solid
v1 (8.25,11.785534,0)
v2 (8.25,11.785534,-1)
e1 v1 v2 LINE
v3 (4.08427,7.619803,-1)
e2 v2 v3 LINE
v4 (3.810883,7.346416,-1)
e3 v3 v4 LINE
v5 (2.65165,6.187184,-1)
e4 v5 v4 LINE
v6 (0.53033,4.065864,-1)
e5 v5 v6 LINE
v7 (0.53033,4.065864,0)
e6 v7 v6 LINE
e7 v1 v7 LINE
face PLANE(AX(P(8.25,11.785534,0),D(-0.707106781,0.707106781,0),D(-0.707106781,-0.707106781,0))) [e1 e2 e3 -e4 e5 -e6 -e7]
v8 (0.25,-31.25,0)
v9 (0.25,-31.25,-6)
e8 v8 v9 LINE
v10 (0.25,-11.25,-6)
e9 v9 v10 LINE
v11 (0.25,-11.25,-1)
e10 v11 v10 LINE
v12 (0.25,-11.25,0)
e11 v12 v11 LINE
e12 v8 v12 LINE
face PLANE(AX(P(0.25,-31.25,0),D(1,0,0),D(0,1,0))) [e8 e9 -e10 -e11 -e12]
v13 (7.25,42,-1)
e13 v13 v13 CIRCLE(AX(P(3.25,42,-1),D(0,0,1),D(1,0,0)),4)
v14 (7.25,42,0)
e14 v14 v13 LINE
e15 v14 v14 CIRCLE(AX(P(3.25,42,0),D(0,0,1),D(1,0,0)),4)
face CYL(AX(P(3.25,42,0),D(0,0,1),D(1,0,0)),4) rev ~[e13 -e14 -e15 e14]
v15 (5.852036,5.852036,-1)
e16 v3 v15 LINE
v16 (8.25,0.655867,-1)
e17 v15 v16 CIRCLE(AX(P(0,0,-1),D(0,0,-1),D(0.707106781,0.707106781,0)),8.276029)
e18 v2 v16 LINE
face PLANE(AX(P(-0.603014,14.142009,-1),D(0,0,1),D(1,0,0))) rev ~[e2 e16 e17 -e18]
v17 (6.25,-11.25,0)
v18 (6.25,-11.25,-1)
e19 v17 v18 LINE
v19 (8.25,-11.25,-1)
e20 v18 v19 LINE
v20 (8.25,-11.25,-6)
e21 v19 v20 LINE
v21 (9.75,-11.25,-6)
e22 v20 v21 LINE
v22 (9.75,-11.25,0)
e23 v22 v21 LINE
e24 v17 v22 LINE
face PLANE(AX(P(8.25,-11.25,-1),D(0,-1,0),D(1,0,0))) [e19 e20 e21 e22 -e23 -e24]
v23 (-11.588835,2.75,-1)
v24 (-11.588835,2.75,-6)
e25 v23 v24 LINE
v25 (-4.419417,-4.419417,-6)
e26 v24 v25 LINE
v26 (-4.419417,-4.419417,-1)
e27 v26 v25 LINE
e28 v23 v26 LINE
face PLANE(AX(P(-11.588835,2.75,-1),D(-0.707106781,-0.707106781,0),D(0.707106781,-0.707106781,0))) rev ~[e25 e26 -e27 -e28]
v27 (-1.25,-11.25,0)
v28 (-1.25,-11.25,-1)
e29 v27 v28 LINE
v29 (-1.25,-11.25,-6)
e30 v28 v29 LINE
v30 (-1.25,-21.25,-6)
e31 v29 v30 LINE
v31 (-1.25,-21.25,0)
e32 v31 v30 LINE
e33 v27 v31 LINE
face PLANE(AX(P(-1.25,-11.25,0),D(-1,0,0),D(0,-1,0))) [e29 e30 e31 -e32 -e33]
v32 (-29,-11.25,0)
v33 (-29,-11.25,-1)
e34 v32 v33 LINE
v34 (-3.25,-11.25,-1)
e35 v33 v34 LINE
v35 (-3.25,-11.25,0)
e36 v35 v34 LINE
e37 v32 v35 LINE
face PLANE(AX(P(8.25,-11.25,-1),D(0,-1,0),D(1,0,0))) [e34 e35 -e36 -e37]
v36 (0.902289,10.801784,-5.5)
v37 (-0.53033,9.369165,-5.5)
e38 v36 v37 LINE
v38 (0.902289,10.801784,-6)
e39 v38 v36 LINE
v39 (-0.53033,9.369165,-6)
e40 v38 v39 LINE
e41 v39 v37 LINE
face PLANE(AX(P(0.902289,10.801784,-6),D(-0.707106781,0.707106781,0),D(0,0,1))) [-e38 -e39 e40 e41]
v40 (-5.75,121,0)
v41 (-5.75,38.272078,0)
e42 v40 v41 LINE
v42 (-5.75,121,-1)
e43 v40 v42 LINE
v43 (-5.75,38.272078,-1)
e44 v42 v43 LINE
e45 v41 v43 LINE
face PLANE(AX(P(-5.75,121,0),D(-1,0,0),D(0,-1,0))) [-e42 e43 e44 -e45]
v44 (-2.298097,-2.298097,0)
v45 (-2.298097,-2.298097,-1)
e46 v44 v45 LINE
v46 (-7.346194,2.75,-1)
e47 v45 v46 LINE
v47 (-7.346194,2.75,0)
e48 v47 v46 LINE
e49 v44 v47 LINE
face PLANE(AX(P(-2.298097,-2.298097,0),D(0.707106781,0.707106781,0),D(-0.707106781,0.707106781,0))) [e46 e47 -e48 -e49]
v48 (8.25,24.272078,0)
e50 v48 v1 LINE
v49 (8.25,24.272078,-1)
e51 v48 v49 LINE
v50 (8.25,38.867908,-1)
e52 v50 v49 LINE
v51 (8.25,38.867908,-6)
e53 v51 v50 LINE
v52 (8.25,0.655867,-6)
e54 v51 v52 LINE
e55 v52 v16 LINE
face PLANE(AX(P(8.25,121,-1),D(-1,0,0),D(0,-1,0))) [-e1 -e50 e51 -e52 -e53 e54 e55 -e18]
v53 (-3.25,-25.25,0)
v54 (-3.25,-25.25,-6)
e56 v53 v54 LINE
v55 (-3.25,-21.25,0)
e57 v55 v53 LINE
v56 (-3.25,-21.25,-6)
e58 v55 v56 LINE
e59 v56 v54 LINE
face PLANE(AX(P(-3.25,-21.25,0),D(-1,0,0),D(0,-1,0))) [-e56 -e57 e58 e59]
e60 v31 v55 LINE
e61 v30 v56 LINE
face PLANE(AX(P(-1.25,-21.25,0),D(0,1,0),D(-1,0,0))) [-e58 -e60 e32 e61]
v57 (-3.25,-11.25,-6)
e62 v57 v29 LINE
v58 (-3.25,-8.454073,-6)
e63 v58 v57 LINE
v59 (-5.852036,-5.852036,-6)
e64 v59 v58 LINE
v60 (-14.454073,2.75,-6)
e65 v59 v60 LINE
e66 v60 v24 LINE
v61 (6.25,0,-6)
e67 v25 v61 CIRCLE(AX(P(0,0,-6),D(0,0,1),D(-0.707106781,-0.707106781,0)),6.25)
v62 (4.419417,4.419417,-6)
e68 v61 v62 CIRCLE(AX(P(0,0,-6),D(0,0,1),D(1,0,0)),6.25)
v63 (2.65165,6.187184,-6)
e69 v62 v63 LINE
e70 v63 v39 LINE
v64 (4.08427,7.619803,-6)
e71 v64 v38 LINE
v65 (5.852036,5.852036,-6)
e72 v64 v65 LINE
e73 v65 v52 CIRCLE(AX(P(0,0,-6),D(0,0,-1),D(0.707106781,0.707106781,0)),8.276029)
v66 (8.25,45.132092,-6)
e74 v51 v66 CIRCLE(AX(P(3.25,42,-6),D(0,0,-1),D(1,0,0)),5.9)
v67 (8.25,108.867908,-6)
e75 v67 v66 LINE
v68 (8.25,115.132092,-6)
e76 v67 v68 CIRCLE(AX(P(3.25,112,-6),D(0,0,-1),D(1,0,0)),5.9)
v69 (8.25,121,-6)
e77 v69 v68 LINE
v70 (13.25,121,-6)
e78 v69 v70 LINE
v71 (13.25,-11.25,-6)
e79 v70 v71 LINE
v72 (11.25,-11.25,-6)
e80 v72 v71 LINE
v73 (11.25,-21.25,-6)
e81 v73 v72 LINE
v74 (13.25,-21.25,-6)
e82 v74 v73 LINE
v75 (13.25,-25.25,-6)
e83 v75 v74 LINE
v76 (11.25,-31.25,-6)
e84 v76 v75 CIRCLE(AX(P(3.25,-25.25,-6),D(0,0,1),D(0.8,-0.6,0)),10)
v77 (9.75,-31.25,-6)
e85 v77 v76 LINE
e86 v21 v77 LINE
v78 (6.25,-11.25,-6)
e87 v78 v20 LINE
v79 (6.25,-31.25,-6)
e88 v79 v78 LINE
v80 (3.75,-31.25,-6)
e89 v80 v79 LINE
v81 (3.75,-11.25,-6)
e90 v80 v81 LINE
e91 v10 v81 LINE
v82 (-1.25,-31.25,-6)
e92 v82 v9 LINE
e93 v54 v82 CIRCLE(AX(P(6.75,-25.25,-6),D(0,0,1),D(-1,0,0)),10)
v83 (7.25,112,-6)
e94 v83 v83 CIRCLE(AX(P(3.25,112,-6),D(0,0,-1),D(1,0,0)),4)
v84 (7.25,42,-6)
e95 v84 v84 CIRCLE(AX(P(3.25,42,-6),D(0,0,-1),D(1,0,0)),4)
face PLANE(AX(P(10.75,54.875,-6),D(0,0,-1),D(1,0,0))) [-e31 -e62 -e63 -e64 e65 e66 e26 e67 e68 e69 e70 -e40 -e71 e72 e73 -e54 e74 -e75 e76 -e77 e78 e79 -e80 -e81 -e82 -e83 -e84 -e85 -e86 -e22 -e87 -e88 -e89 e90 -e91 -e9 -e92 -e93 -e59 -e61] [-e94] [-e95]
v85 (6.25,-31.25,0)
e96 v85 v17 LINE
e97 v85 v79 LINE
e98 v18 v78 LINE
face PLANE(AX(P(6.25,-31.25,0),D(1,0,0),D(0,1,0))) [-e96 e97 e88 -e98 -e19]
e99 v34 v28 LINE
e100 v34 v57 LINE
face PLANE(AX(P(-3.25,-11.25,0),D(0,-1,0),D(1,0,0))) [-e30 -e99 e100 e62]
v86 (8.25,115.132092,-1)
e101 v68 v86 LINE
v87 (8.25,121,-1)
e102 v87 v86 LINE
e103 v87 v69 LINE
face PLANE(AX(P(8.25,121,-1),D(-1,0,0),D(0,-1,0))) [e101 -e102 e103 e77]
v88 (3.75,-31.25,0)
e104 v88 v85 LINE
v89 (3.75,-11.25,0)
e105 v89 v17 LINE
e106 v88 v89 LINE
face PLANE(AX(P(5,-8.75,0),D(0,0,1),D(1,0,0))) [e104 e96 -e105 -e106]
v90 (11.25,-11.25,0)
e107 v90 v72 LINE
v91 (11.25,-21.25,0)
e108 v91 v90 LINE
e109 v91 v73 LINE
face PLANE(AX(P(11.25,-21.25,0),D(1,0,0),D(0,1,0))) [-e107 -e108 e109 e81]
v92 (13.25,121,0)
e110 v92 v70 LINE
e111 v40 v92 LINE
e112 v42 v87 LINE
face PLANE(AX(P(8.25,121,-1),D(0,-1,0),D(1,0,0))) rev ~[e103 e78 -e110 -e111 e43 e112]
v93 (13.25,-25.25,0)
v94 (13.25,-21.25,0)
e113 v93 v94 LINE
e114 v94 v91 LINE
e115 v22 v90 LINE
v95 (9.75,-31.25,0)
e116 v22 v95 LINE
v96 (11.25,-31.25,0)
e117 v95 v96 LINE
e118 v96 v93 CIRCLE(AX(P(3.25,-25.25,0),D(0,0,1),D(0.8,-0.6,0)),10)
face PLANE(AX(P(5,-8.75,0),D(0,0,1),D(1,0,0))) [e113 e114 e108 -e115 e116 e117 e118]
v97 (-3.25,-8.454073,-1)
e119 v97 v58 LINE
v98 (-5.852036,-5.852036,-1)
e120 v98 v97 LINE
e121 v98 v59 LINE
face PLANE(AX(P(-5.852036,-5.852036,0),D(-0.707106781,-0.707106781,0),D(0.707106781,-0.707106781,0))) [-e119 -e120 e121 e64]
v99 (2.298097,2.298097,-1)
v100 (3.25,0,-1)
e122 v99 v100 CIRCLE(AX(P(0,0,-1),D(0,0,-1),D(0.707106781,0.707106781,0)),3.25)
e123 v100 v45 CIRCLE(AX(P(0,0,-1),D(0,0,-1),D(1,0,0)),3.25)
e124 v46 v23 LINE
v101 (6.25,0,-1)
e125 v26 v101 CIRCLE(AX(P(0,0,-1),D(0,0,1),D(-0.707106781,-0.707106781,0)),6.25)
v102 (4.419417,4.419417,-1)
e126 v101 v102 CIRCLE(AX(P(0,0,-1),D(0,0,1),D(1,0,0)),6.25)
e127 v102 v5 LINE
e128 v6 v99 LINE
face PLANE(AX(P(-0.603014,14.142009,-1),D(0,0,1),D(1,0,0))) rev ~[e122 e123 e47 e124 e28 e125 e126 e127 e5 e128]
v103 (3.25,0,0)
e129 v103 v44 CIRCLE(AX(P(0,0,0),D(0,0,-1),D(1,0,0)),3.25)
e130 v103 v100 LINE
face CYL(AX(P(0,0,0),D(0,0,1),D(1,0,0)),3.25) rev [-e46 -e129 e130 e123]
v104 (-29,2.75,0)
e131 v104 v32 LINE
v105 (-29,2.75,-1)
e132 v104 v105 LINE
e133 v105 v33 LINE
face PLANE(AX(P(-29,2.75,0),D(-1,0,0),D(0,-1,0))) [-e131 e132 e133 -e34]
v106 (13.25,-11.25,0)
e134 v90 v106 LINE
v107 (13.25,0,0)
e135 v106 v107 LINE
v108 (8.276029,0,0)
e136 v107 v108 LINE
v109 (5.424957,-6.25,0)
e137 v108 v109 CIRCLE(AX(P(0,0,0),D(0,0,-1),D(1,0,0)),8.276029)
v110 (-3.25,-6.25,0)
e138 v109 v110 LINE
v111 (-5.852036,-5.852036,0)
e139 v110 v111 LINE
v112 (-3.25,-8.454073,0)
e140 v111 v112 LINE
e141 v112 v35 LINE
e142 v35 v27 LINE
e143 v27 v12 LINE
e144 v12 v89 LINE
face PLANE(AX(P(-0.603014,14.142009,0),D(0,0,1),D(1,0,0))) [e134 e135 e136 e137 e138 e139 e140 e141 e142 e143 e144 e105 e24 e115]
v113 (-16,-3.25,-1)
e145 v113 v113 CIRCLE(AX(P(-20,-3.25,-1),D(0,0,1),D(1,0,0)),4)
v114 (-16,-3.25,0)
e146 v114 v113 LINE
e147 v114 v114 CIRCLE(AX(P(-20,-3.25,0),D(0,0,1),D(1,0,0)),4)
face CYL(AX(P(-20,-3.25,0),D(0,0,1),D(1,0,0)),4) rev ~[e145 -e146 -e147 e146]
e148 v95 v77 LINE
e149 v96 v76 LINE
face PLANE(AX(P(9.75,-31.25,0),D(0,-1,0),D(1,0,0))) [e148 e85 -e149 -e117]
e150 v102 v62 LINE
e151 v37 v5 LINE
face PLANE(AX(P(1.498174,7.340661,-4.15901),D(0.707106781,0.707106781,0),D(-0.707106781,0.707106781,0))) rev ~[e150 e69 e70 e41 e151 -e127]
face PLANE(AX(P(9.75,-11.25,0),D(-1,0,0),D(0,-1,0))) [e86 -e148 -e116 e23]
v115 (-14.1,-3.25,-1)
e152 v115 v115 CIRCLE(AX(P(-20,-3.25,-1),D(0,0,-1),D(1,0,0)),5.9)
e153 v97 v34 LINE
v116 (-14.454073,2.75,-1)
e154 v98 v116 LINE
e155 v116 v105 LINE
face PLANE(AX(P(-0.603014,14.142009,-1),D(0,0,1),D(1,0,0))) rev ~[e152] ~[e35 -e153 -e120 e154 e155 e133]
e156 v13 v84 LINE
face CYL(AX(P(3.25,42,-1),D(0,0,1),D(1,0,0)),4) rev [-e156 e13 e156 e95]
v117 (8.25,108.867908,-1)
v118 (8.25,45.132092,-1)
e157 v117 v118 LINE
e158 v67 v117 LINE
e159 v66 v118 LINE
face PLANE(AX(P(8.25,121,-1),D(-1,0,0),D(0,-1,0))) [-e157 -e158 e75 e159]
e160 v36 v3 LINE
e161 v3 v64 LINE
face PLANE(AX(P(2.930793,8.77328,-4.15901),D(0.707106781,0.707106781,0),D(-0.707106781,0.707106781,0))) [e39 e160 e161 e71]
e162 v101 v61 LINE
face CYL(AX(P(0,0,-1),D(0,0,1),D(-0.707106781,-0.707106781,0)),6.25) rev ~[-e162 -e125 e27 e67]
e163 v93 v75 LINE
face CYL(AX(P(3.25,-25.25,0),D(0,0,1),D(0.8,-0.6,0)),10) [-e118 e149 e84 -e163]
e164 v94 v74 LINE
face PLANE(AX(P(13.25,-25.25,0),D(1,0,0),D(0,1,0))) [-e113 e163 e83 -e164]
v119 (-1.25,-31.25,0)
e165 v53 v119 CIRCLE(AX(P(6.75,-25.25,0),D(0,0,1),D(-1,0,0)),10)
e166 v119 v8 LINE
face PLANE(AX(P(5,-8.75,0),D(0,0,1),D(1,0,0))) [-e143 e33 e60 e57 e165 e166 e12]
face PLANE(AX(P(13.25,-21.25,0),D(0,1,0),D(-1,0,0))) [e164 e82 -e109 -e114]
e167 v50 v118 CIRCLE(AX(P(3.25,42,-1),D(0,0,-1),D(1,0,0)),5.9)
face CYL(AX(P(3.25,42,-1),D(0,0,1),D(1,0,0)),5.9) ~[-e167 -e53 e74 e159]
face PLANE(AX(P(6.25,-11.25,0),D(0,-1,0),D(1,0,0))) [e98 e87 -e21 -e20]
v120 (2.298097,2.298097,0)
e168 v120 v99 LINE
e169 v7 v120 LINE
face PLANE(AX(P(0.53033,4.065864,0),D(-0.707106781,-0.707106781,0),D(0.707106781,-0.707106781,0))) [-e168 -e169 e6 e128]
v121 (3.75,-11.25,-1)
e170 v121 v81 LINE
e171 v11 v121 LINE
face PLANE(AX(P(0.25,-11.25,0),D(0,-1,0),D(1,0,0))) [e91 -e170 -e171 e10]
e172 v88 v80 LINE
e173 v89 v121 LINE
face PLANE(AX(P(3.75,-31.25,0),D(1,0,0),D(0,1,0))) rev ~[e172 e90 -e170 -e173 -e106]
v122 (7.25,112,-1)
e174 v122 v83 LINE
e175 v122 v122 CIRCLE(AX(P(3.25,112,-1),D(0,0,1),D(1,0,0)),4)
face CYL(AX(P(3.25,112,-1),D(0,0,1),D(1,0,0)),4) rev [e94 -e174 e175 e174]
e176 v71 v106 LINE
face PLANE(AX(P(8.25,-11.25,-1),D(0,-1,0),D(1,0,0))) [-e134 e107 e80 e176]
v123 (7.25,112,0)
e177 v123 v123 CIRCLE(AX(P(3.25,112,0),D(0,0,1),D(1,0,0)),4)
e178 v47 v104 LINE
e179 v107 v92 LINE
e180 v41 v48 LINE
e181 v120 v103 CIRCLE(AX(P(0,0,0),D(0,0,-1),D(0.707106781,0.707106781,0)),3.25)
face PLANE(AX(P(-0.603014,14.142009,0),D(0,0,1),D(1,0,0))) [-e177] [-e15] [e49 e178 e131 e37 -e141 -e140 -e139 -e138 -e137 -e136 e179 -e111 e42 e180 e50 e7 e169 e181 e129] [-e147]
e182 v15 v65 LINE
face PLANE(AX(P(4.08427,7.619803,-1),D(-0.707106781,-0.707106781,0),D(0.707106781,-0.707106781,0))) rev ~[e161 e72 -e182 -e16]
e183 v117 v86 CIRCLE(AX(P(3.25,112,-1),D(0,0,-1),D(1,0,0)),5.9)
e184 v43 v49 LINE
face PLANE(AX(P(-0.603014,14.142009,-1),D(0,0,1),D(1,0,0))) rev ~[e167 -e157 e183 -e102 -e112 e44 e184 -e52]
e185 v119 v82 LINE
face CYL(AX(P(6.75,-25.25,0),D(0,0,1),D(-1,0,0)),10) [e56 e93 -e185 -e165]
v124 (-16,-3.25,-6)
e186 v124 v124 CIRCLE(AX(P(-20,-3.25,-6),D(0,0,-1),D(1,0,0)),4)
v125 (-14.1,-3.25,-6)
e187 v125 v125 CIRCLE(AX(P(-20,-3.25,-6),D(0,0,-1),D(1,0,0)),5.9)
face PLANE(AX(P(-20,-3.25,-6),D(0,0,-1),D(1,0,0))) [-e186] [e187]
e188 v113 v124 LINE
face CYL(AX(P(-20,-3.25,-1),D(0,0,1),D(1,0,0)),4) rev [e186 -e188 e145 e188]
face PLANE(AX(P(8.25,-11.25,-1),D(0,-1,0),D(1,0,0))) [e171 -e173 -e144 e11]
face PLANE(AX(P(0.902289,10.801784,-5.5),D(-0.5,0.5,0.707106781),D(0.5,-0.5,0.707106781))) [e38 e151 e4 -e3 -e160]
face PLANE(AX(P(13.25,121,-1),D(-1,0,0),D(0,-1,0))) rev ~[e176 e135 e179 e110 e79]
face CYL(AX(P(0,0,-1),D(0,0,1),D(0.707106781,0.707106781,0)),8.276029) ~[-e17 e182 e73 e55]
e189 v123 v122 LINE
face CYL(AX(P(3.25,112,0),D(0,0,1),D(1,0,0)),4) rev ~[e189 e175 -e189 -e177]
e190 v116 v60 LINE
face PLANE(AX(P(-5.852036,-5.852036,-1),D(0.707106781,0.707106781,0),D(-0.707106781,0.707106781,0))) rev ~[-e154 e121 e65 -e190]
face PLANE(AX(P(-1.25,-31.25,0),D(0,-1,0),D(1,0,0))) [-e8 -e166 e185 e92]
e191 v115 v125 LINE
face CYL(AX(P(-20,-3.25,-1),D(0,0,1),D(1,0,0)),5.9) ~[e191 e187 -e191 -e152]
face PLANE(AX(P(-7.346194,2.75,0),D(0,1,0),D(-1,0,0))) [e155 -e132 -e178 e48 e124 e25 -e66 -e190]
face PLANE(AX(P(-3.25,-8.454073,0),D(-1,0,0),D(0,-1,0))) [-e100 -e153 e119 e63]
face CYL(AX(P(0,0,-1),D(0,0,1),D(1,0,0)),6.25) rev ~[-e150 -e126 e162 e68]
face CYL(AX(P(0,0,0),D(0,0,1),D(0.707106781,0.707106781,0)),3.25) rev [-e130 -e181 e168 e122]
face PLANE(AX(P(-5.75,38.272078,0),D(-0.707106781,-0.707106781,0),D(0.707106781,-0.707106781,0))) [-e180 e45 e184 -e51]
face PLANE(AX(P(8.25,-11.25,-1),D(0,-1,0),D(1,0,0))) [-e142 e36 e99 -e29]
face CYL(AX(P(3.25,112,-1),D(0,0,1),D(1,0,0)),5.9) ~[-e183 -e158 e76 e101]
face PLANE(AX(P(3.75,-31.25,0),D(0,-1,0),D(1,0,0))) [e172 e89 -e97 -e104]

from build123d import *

# Parameters (mm, degrees)
F0_R     = 4
F0_W     = 19
F0_H     = 69
F1_DEPTH = 1
F2_R     = 5.9
F2_R_2   = 4
F3_DEPTH = 5
F5_DEPTH = 2.02602933
F6_W     = 5
F6_H     = 132.25
F7_DEPTH = 5
F8_W     = 2.5
F8_H     = 20
F9_DEPTH = 6


with BuildPart() as f1:
    # F0 (on Top) → F1 (new body)
    with BuildSketch(Plane.XY):
        with BuildLine():
            ThreePointArc((2.2980970389, 2.2980970389), (3.0026084807, 1.2437211552), (3.25, 0))
            ThreePointArc((3.25, 0), (1.2437211552, -3.0026084807), (-2.2980970389, -2.2980970389))
            Line((-2.2980970389, -2.2980970389), (-7.3461940777, 2.75))
            Line((-7.3461940777, 2.75), (-29, 2.75))
            Line((-29, 2.75), (-29, -11.25))
            Line((-29, -11.25), (13.25, -11.25))
            Line((13.25, -11.25), (13.25, 52))
            Line((13.25, 52), (-5.75, 52))
            Line((-5.75, 52), (-5.75, 38.2720779386))
            Line((-5.75, 38.2720779386), (8.25, 24.2720779386))
            Line((8.25, 24.2720779386), (8.25, 11.7855339059))
            Line((8.25, 11.7855339059), (0.5303300859, 4.0658639918))
            Line((0.5303300859, 4.0658639918), (2.2980970389, 2.2980970389))
        make_face()
        with Locations((-20, -3.25)):
            Circle(F0_R, mode=Mode.SUBTRACT)
        with Locations((3.25, 42)):
            Circle(F0_R, mode=Mode.SUBTRACT)
        with Locations((3.75, 86.5)):
            Rectangle(F0_W, F0_H)
        with Locations((3.25, 112)):
            Circle(F0_R, mode=Mode.SUBTRACT)
    extrude(amount=-F1_DEPTH)

    # F2 (on face) → F3 (join)
    with BuildSketch(Plane(origin=(0, 0, -1), x_dir=(1, 0, 0), z_dir=(0, 0, -1))):
        with Locations((-20, 3.25)):
            Circle(F2_R)
        with Locations((-20, 3.25)):
            Circle(F2_R_2, mode=Mode.SUBTRACT)
        with BuildLine():
            Line((-11.5888347648, -2.75), (-8.2554414615, 0.5833933033))
            ThreePointArc((-8.2554414615, 0.5833933033), (-7.5296004881, 3.434789362), (-5.8520364605, 5.8520364605))
            Line((-5.8520364605, 5.8520364605), (-14.4540729211, -2.75))
            Line((-14.4540729211, -2.75), (-11.5888347648, -2.75))
        make_face()
        with BuildLine():
            ThreePointArc((-4.4194173824, 4.4194173824), (2.3917714523, 5.7742470782), (6.25, 0))
            ThreePointArc((6.25, 0), (5.7742470782, -2.3917714523), (4.4194173824, -4.4194173824))
            Line((4.4194173824, -4.4194173824), (2.6516504294, -6.1871843354))
            Line((2.6516504294, -6.1871843354), (3.8108825911, -7.346416497))
            ThreePointArc((3.8108825911, -7.346416497), (4.8888949746, -6.6776767965), (5.8520364605, -5.8520364605))
            ThreePointArc((5.8520364605, -5.8520364605), (7.6460541085, -3.1670993104), (8.27602933, 0))
            ThreePointArc((8.27602933, 0), (3.1670993104, 7.6460541085), (-5.8520364605, 5.8520364605))
            ThreePointArc((-5.8520364605, 5.8520364605), (-7.5296004881, 3.434789362), (-8.2554414615, 0.5833933033))
            Line((-8.2554414615, 0.5833933033), (-4.4194173824, 4.4194173824))
        make_face()
        with BuildLine():
            ThreePointArc((5.8520364605, -5.8520364605), (4.8888949746, -6.6776767965), (3.8108825911, -7.346416497))
            Line((3.8108825911, -7.346416497), (4.0842695076, -7.6198034135))
            Line((4.0842695076, -7.6198034135), (5.8520364605, -5.8520364605))
        make_face()
        with Locations((3.25, -42)):
            Circle(F2_R)
        with Locations((3.25, -42)):
            Circle(F2_R_2, mode=Mode.SUBTRACT)
        with Locations((3.25, -112)):
            Circle(F2_R)
        with Locations((3.25, -112)):
            Circle(F2_R_2, mode=Mode.SUBTRACT)
    extrude(amount=F3_DEPTH)

    # F4 (on face) → F5 (join, through all)
    with BuildSketch(Plane(origin=(5.8520364605, 5.8520364605, 0), x_dir=(-0.7071067812, 0.7071067812, 0), z_dir=(0.7071067812, 0.7071067812, 0))):
        Polygon((2.5, -1), (2.5, -6), (7, -6), (7, -5.5), align=None)
    extrude(amount=-F5_DEPTH)

    # F6 (on face) → F7 (join)
    with BuildSketch(Plane(origin=(0, 0, -1), x_dir=(1, 0, 0), z_dir=(0, 0, -1))):
        with Locations((10.75, -54.875)):
            Rectangle(F6_W, F6_H)
    extrude(amount=F7_DEPTH)

    # F8 (on Top) → F9 (join)
    with BuildSketch(Plane.XY):
        Polygon((11.25, -11.25), (13.25, -11.25), (13.25, -6.25), (5.4249572783, -6.25), (-3.25, -6.25), (-3.25, -8.4540729211), (-3.25, -11.25), (-1.25, -11.25), (0.25, -11.25), (3.75, -11.25), (6.25, -11.25), (9.75, -11.25), align=None)
        with BuildLine():
            Line((11.25, -21.25), (11.25, -11.25))
            Line((11.25, -11.25), (9.75, -11.25))
            Line((9.75, -11.25), (9.75, -31.25))
            Line((9.75, -31.25), (11.25, -31.25))
            ThreePointArc((11.25, -31.25), (12.7368329805, -28.4122776602), (13.25, -25.25))
            Line((13.25, -25.25), (13.25, -21.25))
            Line((13.25, -21.25), (11.25, -21.25))
        make_face()
        with BuildLine():
            Line((5.4249572783, -6.25), (13.25, -6.25))
            Line((13.25, -6.25), (13.25, 0))
            Line((13.25, 0), (8.27602933, 0))
            ThreePointArc((8.27602933, 0), (7.5296004881, -3.434789362), (5.4249572783, -6.25))
        make_face()
        with Locations((5, -21.25)):
            Rectangle(F8_W, F8_H)
        Polygon((-3.25, -8.4540729211), (-3.25, -6.25), (-5.8520364605, -5.8520364605), align=None)
        with BuildLine():
            Line((0.25, -31.25), (0.25, -11.25))
            Line((0.25, -11.25), (-1.25, -11.25))
            Line((-1.25, -11.25), (-1.25, -21.25))
            Line((-1.25, -21.25), (-3.25, -21.25))
            Line((-3.25, -21.25), (-3.25, -25.25))
            ThreePointArc((-3.25, -25.25), (-2.7368329805, -28.4122776602), (-1.25, -31.25))
            Line((-1.25, -31.25), (0.25, -31.25))
        make_face()
    extrude(amount=-F9_DEPTH)


solid = f1.part
